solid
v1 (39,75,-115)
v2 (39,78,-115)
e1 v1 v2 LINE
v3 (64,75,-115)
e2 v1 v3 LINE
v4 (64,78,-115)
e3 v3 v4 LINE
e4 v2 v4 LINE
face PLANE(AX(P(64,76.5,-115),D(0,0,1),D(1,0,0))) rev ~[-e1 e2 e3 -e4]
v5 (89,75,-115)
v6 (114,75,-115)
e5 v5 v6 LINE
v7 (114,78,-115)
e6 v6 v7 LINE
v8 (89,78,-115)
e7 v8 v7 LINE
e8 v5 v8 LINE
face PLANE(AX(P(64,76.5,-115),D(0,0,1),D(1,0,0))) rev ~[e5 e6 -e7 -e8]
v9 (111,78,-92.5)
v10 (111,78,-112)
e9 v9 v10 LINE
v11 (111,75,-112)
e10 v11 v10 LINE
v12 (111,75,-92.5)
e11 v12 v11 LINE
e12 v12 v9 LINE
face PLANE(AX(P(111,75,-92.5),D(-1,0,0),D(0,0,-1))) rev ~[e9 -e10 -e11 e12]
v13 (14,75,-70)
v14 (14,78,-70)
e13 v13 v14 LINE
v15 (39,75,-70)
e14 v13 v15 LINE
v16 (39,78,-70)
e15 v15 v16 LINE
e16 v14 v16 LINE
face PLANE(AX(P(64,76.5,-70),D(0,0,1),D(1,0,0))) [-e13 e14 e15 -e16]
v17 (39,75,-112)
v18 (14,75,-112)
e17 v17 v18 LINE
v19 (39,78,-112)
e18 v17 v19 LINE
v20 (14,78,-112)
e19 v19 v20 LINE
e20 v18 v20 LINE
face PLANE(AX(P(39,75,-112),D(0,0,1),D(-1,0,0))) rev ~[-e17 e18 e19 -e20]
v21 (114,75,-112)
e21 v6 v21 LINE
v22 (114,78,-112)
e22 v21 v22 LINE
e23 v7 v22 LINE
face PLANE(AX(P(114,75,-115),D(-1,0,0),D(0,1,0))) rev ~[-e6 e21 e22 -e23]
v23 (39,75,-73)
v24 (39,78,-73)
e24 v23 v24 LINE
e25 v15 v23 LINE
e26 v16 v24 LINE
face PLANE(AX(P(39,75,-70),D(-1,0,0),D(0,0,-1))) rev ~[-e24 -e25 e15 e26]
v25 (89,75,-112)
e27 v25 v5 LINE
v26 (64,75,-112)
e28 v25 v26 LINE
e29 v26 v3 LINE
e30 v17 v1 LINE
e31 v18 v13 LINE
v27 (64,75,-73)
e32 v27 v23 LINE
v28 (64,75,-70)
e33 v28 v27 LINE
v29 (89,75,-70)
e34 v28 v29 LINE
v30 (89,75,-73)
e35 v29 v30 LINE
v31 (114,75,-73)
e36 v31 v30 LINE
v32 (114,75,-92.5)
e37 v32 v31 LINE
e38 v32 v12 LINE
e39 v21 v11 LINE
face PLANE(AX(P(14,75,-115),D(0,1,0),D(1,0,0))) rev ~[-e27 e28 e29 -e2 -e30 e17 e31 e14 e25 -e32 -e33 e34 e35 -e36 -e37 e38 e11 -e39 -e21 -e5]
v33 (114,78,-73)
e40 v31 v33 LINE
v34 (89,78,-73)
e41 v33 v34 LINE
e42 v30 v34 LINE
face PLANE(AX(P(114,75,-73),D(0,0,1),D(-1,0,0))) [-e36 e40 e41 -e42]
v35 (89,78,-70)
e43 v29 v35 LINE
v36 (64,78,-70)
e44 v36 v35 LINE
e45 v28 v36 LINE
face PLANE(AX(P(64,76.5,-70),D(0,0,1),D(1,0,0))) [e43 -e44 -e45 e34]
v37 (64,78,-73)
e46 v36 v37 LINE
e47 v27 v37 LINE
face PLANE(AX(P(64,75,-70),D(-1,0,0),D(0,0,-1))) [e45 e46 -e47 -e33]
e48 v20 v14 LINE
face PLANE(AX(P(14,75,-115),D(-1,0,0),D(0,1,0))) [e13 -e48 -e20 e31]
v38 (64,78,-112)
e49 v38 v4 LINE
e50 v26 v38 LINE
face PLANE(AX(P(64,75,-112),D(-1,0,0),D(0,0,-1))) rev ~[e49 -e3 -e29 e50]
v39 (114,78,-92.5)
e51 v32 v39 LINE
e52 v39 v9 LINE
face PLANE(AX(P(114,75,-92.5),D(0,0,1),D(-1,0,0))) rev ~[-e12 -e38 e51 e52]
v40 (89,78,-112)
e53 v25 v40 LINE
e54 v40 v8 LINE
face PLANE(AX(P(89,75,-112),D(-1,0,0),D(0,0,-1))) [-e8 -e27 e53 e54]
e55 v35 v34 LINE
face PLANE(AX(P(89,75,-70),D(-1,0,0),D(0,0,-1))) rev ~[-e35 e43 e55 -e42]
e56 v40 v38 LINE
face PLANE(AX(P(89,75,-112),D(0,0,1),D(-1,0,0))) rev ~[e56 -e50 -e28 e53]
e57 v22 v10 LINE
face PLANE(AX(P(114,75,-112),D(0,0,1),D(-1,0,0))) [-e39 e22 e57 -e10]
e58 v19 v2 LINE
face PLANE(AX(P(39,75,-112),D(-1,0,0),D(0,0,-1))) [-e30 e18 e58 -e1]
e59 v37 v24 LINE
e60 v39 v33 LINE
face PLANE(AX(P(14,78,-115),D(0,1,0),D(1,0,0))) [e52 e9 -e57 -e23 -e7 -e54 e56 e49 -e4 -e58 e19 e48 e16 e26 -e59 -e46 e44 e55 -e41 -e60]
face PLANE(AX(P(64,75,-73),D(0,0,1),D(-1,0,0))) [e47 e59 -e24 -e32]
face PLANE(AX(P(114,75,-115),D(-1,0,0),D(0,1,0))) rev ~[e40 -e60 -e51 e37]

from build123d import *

# Parameters (mm, degrees)
RECTANGLE130_AS_DRAWN_W                      = 25
RECTANGLE130_AS_DRAWN_H                      = 3
EXTRUDE152_DEPTH                             = 3
EXTRUDE152_ONTO_RECTANGLE130_ROLL_ANGLE      = -90
EXTRUDE152_ONTO_RECTANGLE130_PLACEMENT_ANGLE = 180
RECTANGLE128_AS_DRAWN_W                      = 25
RECTANGLE128_AS_DRAWN_H                      = 3
EXTRUDE153_DEPTH                             = 3
EXTRUDE153_ONTO_RECTANGLE128_ROLL_ANGLE      = -90
EXTRUDE153_ONTO_RECTANGLE128_PLACEMENT_ANGLE = 180
RECTANGLE132_AS_DRAWN_W                      = 3
RECTANGLE132_AS_DRAWN_H                      = 19.5
EXTRUDE166_DEPTH                             = 3
EXTRUDE166_ONTO_RECTANGLE132_ROLL_ANGLE      = -90
EXTRUDE166_ONTO_RECTANGLE132_PLACEMENT_ANGLE = 180
RECTANGLE127_AS_DRAWN_W                      = 25
RECTANGLE127_AS_DRAWN_H                      = 3
EXTRUDE147_DEPTH                             = 3
EXTRUDE147_ONTO_RECTANGLE127_ROLL_ANGLE      = -90
EXTRUDE147_ONTO_RECTANGLE127_PLACEMENT_ANGLE = 180
RECTANGLE129_AS_DRAWN_W                      = 25
RECTANGLE129_AS_DRAWN_H                      = 3
EXTRUDE149_DEPTH                             = 3
EXTRUDE149_ONTO_RECTANGLE129_ROLL_ANGLE      = -90
EXTRUDE149_ONTO_RECTANGLE129_PLACEMENT_ANGLE = 180
BOX045_W                                     = 100
BOX045_H                                     = 3
BOX045_DEPTH                                 = 45


with BuildPart() as extrude152:
    # Rectangle130 as drawn → Extrude152 (new)
    with BuildSketch(Plane.XY):
        with Locations((12.5, 1.5)):
            Rectangle(RECTANGLE130_AS_DRAWN_W, RECTANGLE130_AS_DRAWN_H)
    extrude(amount=-EXTRUDE152_DEPTH)


with BuildPart() as extrude152_1:
    # Extrude152 onto Rectangle130 roll: moved
    add(extrude152.part.rotate(Axis((0, 0, 0), (1, 0, 0)), EXTRUDE152_ONTO_RECTANGLE130_ROLL_ANGLE))


with BuildPart() as extrude152_2:
    # Extrude152 onto Rectangle130 placement: moved
    add(extrude152_1.part.moved(Location((39, -77, -70))).rotate(Axis((39, -77, -70), (0, 0, 1)), EXTRUDE152_ONTO_RECTANGLE130_PLACEMENT_ANGLE))


with BuildPart() as extrude152_3:
    # Extrude152 placement: moved
    add(extrude152_2.part.moved(Location((0, 0, -42))))


with BuildPart() as extrude153:
    # Rectangle128 as drawn → Extrude153 (new)
    with BuildSketch(Plane.XY):
        with Locations((12.5, 1.5)):
            Rectangle(RECTANGLE128_AS_DRAWN_W, RECTANGLE128_AS_DRAWN_H)
    extrude(amount=-EXTRUDE153_DEPTH)


with BuildPart() as extrude153_1:
    # Extrude153 onto Rectangle128 roll: moved
    add(extrude153.part.rotate(Axis((0, 0, 0), (1, 0, 0)), EXTRUDE153_ONTO_RECTANGLE128_ROLL_ANGLE))


with BuildPart() as extrude153_2:
    # Extrude153 onto Rectangle128 placement: moved
    add(extrude153_1.part.moved(Location((89, -77, -70))).rotate(Axis((89, -77, -70), (0, 0, 1)), EXTRUDE153_ONTO_RECTANGLE128_PLACEMENT_ANGLE))


with BuildPart() as extrude153_3:
    # Extrude153 placement: moved
    add(extrude153_2.part.moved(Location((0, 0, -42))))


with BuildPart() as extrude166:
    # Rectangle132 as drawn → Extrude166 (new)
    with BuildSketch(Plane.XY):
        with Locations((1.5, 9.75)):
            Rectangle(RECTANGLE132_AS_DRAWN_W, RECTANGLE132_AS_DRAWN_H)
    extrude(amount=-EXTRUDE166_DEPTH)


with BuildPart() as extrude166_1:
    # Extrude166 onto Rectangle132 roll: moved
    add(extrude166.part.rotate(Axis((0, 0, 0), (1, 0, 0)), EXTRUDE166_ONTO_RECTANGLE132_ROLL_ANGLE))


with BuildPart() as extrude166_2:
    # Extrude166 onto Rectangle132 placement: moved
    add(extrude166_1.part.moved(Location((114, -77, -92.5))).rotate(Axis((114, -77, -92.5), (0, 0, 1)), EXTRUDE166_ONTO_RECTANGLE132_PLACEMENT_ANGLE))


with BuildPart() as extrude147:
    # Rectangle127 as drawn → Extrude147 (new)
    with BuildSketch(Plane.XY):
        with Locations((12.5, 1.5)):
            Rectangle(RECTANGLE127_AS_DRAWN_W, RECTANGLE127_AS_DRAWN_H)
    extrude(amount=-EXTRUDE147_DEPTH)


with BuildPart() as extrude147_1:
    # Extrude147 onto Rectangle127 roll: moved
    add(extrude147.part.rotate(Axis((0, 0, 0), (1, 0, 0)), EXTRUDE147_ONTO_RECTANGLE127_ROLL_ANGLE))


with BuildPart() as extrude147_2:
    # Extrude147 onto Rectangle127 placement: moved
    add(extrude147_1.part.moved(Location((114, -77, -70))).rotate(Axis((114, -77, -70), (0, 0, 1)), EXTRUDE147_ONTO_RECTANGLE127_PLACEMENT_ANGLE))


with BuildPart() as fusion064026:
    # Rectangle129 as drawn → Extrude149 (new)
    with BuildSketch(Plane.XY):
        with Locations((12.5, 1.5)):
            Rectangle(RECTANGLE129_AS_DRAWN_W, RECTANGLE129_AS_DRAWN_H)
    extrude(amount=-EXTRUDE149_DEPTH)


with BuildPart() as fusion064026_1:
    # Extrude149 onto Rectangle129 roll: moved
    add(fusion064026.part.rotate(Axis((0, 0, 0), (1, 0, 0)), EXTRUDE149_ONTO_RECTANGLE129_ROLL_ANGLE))


with BuildPart() as fusion064026_2:
    # Extrude149 onto Rectangle129 placement: moved
    add(fusion064026_1.part.moved(Location((64, -77, -70))).rotate(Axis((64, -77, -70), (0, 0, 1)), EXTRUDE149_ONTO_RECTANGLE129_PLACEMENT_ANGLE))

    # Fusion064026: union Extrude152, Extrude153, Extrude166, Extrude147
    add(extrude152_3.part)
    add(extrude153_3.part)
    add(extrude166_2.part)
    add(extrude147_2.part)


with BuildPart() as fusion064026_3:
    # Fusion064026 placement: moved
    add(fusion064026_2.part.moved(Location((0, 152, 0))))


with BuildPart() as cut035015:
    # Box045 → Box045 (new body)
    with BuildSketch(Plane(origin=(14, 75, -115), x_dir=(1, 0, 0), z_dir=(0, 0, 1))):
        with Locations((50, 1.5)):
            Rectangle(BOX045_W, BOX045_H)
    extrude(amount=BOX045_DEPTH)

    # Cut035015: cut Fusion064026
    add(fusion064026_3.part, mode=Mode.SUBTRACT)


solid = cut035015.part
